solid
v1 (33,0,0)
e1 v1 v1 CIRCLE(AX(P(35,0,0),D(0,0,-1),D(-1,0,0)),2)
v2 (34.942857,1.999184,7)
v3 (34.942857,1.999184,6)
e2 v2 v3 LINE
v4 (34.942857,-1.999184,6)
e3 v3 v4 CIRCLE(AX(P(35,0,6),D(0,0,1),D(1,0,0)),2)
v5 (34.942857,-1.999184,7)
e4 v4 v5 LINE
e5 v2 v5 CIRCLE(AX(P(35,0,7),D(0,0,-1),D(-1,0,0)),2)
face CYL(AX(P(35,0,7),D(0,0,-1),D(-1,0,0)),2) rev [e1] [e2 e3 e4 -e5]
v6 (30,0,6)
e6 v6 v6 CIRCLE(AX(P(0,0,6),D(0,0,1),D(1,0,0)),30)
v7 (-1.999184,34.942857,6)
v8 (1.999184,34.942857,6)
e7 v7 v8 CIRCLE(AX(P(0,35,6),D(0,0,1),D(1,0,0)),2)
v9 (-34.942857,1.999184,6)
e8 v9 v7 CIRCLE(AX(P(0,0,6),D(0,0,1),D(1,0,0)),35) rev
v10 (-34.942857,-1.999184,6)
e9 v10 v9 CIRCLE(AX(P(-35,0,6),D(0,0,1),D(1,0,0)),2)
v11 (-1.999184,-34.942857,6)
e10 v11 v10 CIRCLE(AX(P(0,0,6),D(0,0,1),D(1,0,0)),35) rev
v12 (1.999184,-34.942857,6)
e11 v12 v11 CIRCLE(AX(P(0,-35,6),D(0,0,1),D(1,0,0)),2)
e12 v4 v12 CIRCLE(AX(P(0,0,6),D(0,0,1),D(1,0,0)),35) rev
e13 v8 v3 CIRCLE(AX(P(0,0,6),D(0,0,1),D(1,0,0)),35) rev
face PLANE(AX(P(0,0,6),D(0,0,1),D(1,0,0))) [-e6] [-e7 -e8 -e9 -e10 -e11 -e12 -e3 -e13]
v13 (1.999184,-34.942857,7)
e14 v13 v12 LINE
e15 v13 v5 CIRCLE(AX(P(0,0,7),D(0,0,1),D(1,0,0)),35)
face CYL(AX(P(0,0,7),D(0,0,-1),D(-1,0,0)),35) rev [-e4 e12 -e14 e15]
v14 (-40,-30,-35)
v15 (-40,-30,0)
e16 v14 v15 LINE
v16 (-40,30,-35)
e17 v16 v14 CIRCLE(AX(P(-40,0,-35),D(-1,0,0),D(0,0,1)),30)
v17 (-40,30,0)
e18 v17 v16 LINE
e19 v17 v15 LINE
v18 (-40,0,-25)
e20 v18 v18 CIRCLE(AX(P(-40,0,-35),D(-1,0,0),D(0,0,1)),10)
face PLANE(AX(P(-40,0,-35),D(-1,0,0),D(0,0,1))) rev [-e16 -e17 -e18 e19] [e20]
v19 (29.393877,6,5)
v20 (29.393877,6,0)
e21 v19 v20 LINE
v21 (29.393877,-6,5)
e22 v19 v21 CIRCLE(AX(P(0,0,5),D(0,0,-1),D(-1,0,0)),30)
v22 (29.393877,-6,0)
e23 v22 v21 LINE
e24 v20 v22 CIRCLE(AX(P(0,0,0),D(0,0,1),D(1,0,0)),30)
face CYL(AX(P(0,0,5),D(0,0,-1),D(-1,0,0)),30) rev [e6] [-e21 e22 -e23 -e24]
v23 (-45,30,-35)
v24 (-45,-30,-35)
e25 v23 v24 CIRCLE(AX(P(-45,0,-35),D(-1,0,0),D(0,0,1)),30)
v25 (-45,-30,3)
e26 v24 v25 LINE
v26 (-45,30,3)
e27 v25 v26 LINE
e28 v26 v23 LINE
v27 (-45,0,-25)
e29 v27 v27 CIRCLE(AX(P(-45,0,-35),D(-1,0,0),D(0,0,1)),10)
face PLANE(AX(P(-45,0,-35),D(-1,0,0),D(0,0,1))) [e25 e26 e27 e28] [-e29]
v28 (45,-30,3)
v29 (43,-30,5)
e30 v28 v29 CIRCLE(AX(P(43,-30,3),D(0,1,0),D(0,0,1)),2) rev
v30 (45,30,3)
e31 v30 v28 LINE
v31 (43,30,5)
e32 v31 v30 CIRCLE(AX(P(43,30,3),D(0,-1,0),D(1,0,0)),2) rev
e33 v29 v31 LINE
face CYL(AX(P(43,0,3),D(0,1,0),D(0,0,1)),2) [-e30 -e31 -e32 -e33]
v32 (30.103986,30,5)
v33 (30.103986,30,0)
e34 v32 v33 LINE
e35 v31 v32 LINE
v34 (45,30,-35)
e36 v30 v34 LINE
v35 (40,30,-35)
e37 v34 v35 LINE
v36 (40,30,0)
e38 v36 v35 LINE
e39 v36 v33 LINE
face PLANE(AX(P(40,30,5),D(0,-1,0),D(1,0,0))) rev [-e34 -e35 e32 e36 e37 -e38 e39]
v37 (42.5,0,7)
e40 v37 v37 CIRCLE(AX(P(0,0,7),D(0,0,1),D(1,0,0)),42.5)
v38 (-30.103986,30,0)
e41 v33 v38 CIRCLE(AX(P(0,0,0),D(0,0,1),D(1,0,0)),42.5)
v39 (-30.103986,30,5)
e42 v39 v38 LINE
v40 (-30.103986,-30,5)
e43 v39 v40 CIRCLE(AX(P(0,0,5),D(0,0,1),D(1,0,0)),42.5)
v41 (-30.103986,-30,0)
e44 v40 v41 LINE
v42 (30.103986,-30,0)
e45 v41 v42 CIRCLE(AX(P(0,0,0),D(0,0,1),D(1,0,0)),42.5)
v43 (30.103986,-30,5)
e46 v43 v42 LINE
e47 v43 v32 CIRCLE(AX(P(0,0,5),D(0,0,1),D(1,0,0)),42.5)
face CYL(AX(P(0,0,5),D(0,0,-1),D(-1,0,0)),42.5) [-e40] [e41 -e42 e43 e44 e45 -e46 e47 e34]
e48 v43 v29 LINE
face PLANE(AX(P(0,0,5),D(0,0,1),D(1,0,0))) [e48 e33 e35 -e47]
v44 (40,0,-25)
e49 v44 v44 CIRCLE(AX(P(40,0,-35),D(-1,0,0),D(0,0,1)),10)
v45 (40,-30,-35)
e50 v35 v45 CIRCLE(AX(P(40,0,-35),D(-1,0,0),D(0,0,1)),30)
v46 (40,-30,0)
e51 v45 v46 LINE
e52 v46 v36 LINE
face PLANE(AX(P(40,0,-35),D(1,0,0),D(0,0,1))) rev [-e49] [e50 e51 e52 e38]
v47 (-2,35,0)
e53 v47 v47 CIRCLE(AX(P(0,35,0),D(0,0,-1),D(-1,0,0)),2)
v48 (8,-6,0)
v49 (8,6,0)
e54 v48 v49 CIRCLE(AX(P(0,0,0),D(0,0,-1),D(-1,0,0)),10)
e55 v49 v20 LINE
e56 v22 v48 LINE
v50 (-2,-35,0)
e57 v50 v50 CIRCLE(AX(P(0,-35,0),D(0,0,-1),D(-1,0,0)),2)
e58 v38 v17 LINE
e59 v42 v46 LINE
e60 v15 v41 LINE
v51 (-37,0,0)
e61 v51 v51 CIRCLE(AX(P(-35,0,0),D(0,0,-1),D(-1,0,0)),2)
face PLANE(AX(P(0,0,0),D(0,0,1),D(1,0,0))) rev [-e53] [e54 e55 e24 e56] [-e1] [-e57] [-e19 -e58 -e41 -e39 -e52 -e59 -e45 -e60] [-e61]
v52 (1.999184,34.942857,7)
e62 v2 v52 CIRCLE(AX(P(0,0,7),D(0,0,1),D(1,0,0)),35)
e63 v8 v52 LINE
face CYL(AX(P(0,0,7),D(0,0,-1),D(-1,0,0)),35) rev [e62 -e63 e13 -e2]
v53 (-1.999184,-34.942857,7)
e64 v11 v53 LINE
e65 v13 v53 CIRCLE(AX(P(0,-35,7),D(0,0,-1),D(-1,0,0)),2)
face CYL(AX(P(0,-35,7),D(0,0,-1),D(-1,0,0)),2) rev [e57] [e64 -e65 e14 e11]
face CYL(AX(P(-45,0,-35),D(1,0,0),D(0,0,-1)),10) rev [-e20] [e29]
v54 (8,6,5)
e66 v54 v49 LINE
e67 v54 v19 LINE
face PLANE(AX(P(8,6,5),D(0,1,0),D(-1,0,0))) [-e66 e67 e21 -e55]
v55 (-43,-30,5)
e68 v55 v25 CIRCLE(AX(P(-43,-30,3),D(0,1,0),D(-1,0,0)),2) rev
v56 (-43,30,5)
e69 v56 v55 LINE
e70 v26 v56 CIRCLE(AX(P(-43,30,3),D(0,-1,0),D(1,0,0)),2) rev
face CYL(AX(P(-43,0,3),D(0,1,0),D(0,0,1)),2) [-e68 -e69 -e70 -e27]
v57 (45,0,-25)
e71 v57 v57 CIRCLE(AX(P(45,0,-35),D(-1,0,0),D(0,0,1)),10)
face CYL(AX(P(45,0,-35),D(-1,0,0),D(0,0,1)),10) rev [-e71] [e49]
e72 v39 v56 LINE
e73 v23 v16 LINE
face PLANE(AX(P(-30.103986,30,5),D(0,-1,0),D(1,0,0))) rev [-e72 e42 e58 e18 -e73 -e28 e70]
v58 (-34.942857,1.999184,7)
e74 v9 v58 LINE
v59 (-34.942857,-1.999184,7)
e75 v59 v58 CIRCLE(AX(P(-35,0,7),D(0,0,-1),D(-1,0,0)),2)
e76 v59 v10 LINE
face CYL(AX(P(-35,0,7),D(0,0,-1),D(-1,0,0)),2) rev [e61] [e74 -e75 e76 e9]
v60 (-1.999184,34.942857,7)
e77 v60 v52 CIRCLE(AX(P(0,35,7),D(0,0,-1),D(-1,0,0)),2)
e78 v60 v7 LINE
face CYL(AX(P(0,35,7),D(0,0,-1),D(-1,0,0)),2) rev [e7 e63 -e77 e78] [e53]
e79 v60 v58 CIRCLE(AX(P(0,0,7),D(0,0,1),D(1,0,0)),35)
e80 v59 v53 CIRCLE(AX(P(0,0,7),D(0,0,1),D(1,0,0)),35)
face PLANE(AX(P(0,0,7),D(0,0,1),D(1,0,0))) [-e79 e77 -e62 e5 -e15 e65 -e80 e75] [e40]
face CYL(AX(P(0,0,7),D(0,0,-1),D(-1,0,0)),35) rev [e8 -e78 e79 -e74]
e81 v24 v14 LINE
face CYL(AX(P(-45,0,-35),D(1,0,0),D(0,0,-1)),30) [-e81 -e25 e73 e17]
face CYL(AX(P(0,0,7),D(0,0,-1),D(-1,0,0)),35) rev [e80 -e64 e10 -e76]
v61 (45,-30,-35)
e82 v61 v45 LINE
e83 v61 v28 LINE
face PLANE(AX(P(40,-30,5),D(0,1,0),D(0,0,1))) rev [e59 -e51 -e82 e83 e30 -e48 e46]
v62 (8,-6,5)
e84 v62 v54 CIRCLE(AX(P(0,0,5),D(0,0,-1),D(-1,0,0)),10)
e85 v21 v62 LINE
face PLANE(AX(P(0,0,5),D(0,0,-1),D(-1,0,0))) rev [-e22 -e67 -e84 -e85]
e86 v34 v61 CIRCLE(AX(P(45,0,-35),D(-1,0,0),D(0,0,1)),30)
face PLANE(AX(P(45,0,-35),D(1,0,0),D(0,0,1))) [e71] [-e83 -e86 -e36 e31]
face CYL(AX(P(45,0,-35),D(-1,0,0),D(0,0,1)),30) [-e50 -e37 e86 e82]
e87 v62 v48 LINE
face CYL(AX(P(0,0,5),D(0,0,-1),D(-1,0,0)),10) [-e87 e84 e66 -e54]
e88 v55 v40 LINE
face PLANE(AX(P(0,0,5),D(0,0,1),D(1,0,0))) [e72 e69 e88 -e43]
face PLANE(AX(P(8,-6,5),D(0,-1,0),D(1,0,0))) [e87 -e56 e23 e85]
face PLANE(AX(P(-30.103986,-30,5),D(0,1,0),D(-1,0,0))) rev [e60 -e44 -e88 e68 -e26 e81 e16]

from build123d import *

# Parameters (mm, degrees)
SKETCH_1_R             = 30
EXTRUDE_1_DEPTH        = 5
SKETCH_2_R             = 35
SKETCH_2_R_2           = 30
EXTRUDE_2_DEPTH        = 1
SKETCH_4_R             = 42.5
SKETCH_4_R_2           = 35
EXTRUDE_3_DEPTH        = 2
SKETCH_5_R             = 2
CUT_EXTRUDE_3_DEPTH    = 61.51033
SKETCH_6_R             = 10
EXTRUDE_4_DEPTH        = 5
FILLET_1_R             = 2
FILLET_1_OF_MIRROR_1_R = 2
EXTRUDE_5_DEPTH        = 5


with BuildPart() as part:
    # 草图1 → 凸台-拉伸1 (new body)
    with BuildSketch(Plane.XY):
        with BuildLine():
            Line((-30.103986, -30), (-40, -30))
            Line((-40, -30), (-40, 30))
            Line((-40, 30), (-30.103986, 30))
            ThreePointArc((-30.103986, 30), (0, 42.5), (30.103986, 30))
            Line((30.103986, 30), (40, 30))
            Line((40, 30), (40, -30))
            Line((40, -30), (30.103986, -30))
            ThreePointArc((30.103986, -30), (0, -42.5), (-30.103986, -30))
        make_face()
        Circle(SKETCH_1_R, mode=Mode.SUBTRACT)
    extrude(amount=EXTRUDE_1_DEPTH)

    # 草图2 → 凸台-拉伸2 (add)
    with BuildSketch(Plane.XY.offset(5)):
        Circle(SKETCH_2_R)
        Circle(SKETCH_2_R_2, mode=Mode.SUBTRACT)
    extrude(amount=EXTRUDE_2_DEPTH)

    # 草图4 → 凸台-拉伸3 (add)
    with BuildSketch(Plane.XY.offset(5)):
        with Locations(Location((0, 0, 0), (0, 0, 160.250077))):
            Circle(SKETCH_4_R)
        Circle(SKETCH_4_R_2, mode=Mode.SUBTRACT)
    extrude(amount=EXTRUDE_3_DEPTH)

    # 草图5 → 切除-拉伸3 (cut, through all)
    with BuildSketch(Plane(origin=(0, 0, 0), x_dir=(-1, 0, 0), z_dir=(0, 0, -1))):
        with Locations((0, 35)):
            Circle(SKETCH_5_R)
        with Locations((35, 0)):
            Circle(SKETCH_5_R)
        with Locations((0, -35)):
            Circle(SKETCH_5_R)
        with Locations((-35, 0)):
            Circle(SKETCH_5_R)
    extrude(amount=-CUT_EXTRUDE_3_DEPTH, mode=Mode.SUBTRACT)

    # 草图6 → 凸台-拉伸4 (add)
    with BuildSketch(Plane.ZY.offset(40)):
        with BuildLine():
            Line((5, -30), (-35, -30))
            ThreePointArc((-35, -30), (-65, 0), (-35, 30))
            Line((-35, 30), (5, 30))
            Line((5, 30), (5, -30))
        make_face()
        with Locations((-35, 0)):
            Circle(SKETCH_6_R, mode=Mode.SUBTRACT)
    extrude_4 = extrude(amount=EXTRUDE_4_DEPTH)

    # 圆角1
    fillet_1_edges = [part.edges().sort_by_distance(p)[0] for p in [
        (-45, 0, 5),
    ]]
    fillet(fillet_1_edges, radius=FILLET_1_R)

    # 镜向1: 凸台-拉伸4 across plane
    add(extrude_4.mirror(Plane(origin=(0, 0, 0), x_dir=(0, 0, 1), z_dir=(1, 0, 0))))

    # 圆角1 of 镜向1
    fillet_1_of_mirror_1_edges = [part.edges().sort_by_distance(p)[0] for p in [
        (45, 0, 5),
    ]]
    fillet(fillet_1_of_mirror_1_edges, radius=FILLET_1_OF_MIRROR_1_R)

    # 草图7 → 凸台-拉伸5 (add)
    with BuildSketch(Plane(origin=(0, 0, 0), x_dir=(-1, 0, 0), z_dir=(0, 0, -1))):
        with BuildLine():
            Line((-8, -6), (-29.686217, -6))
            ThreePointArc((-29.686217, -6), (-30.28649, 0), (-29.686217, 6))
            Line((-29.686217, 6), (-8, 6))
            ThreePointArc((-8, 6), (10, 0), (-8, -6))
        make_face()
    extrude(amount=-EXTRUDE_5_DEPTH)


solid = part.part
